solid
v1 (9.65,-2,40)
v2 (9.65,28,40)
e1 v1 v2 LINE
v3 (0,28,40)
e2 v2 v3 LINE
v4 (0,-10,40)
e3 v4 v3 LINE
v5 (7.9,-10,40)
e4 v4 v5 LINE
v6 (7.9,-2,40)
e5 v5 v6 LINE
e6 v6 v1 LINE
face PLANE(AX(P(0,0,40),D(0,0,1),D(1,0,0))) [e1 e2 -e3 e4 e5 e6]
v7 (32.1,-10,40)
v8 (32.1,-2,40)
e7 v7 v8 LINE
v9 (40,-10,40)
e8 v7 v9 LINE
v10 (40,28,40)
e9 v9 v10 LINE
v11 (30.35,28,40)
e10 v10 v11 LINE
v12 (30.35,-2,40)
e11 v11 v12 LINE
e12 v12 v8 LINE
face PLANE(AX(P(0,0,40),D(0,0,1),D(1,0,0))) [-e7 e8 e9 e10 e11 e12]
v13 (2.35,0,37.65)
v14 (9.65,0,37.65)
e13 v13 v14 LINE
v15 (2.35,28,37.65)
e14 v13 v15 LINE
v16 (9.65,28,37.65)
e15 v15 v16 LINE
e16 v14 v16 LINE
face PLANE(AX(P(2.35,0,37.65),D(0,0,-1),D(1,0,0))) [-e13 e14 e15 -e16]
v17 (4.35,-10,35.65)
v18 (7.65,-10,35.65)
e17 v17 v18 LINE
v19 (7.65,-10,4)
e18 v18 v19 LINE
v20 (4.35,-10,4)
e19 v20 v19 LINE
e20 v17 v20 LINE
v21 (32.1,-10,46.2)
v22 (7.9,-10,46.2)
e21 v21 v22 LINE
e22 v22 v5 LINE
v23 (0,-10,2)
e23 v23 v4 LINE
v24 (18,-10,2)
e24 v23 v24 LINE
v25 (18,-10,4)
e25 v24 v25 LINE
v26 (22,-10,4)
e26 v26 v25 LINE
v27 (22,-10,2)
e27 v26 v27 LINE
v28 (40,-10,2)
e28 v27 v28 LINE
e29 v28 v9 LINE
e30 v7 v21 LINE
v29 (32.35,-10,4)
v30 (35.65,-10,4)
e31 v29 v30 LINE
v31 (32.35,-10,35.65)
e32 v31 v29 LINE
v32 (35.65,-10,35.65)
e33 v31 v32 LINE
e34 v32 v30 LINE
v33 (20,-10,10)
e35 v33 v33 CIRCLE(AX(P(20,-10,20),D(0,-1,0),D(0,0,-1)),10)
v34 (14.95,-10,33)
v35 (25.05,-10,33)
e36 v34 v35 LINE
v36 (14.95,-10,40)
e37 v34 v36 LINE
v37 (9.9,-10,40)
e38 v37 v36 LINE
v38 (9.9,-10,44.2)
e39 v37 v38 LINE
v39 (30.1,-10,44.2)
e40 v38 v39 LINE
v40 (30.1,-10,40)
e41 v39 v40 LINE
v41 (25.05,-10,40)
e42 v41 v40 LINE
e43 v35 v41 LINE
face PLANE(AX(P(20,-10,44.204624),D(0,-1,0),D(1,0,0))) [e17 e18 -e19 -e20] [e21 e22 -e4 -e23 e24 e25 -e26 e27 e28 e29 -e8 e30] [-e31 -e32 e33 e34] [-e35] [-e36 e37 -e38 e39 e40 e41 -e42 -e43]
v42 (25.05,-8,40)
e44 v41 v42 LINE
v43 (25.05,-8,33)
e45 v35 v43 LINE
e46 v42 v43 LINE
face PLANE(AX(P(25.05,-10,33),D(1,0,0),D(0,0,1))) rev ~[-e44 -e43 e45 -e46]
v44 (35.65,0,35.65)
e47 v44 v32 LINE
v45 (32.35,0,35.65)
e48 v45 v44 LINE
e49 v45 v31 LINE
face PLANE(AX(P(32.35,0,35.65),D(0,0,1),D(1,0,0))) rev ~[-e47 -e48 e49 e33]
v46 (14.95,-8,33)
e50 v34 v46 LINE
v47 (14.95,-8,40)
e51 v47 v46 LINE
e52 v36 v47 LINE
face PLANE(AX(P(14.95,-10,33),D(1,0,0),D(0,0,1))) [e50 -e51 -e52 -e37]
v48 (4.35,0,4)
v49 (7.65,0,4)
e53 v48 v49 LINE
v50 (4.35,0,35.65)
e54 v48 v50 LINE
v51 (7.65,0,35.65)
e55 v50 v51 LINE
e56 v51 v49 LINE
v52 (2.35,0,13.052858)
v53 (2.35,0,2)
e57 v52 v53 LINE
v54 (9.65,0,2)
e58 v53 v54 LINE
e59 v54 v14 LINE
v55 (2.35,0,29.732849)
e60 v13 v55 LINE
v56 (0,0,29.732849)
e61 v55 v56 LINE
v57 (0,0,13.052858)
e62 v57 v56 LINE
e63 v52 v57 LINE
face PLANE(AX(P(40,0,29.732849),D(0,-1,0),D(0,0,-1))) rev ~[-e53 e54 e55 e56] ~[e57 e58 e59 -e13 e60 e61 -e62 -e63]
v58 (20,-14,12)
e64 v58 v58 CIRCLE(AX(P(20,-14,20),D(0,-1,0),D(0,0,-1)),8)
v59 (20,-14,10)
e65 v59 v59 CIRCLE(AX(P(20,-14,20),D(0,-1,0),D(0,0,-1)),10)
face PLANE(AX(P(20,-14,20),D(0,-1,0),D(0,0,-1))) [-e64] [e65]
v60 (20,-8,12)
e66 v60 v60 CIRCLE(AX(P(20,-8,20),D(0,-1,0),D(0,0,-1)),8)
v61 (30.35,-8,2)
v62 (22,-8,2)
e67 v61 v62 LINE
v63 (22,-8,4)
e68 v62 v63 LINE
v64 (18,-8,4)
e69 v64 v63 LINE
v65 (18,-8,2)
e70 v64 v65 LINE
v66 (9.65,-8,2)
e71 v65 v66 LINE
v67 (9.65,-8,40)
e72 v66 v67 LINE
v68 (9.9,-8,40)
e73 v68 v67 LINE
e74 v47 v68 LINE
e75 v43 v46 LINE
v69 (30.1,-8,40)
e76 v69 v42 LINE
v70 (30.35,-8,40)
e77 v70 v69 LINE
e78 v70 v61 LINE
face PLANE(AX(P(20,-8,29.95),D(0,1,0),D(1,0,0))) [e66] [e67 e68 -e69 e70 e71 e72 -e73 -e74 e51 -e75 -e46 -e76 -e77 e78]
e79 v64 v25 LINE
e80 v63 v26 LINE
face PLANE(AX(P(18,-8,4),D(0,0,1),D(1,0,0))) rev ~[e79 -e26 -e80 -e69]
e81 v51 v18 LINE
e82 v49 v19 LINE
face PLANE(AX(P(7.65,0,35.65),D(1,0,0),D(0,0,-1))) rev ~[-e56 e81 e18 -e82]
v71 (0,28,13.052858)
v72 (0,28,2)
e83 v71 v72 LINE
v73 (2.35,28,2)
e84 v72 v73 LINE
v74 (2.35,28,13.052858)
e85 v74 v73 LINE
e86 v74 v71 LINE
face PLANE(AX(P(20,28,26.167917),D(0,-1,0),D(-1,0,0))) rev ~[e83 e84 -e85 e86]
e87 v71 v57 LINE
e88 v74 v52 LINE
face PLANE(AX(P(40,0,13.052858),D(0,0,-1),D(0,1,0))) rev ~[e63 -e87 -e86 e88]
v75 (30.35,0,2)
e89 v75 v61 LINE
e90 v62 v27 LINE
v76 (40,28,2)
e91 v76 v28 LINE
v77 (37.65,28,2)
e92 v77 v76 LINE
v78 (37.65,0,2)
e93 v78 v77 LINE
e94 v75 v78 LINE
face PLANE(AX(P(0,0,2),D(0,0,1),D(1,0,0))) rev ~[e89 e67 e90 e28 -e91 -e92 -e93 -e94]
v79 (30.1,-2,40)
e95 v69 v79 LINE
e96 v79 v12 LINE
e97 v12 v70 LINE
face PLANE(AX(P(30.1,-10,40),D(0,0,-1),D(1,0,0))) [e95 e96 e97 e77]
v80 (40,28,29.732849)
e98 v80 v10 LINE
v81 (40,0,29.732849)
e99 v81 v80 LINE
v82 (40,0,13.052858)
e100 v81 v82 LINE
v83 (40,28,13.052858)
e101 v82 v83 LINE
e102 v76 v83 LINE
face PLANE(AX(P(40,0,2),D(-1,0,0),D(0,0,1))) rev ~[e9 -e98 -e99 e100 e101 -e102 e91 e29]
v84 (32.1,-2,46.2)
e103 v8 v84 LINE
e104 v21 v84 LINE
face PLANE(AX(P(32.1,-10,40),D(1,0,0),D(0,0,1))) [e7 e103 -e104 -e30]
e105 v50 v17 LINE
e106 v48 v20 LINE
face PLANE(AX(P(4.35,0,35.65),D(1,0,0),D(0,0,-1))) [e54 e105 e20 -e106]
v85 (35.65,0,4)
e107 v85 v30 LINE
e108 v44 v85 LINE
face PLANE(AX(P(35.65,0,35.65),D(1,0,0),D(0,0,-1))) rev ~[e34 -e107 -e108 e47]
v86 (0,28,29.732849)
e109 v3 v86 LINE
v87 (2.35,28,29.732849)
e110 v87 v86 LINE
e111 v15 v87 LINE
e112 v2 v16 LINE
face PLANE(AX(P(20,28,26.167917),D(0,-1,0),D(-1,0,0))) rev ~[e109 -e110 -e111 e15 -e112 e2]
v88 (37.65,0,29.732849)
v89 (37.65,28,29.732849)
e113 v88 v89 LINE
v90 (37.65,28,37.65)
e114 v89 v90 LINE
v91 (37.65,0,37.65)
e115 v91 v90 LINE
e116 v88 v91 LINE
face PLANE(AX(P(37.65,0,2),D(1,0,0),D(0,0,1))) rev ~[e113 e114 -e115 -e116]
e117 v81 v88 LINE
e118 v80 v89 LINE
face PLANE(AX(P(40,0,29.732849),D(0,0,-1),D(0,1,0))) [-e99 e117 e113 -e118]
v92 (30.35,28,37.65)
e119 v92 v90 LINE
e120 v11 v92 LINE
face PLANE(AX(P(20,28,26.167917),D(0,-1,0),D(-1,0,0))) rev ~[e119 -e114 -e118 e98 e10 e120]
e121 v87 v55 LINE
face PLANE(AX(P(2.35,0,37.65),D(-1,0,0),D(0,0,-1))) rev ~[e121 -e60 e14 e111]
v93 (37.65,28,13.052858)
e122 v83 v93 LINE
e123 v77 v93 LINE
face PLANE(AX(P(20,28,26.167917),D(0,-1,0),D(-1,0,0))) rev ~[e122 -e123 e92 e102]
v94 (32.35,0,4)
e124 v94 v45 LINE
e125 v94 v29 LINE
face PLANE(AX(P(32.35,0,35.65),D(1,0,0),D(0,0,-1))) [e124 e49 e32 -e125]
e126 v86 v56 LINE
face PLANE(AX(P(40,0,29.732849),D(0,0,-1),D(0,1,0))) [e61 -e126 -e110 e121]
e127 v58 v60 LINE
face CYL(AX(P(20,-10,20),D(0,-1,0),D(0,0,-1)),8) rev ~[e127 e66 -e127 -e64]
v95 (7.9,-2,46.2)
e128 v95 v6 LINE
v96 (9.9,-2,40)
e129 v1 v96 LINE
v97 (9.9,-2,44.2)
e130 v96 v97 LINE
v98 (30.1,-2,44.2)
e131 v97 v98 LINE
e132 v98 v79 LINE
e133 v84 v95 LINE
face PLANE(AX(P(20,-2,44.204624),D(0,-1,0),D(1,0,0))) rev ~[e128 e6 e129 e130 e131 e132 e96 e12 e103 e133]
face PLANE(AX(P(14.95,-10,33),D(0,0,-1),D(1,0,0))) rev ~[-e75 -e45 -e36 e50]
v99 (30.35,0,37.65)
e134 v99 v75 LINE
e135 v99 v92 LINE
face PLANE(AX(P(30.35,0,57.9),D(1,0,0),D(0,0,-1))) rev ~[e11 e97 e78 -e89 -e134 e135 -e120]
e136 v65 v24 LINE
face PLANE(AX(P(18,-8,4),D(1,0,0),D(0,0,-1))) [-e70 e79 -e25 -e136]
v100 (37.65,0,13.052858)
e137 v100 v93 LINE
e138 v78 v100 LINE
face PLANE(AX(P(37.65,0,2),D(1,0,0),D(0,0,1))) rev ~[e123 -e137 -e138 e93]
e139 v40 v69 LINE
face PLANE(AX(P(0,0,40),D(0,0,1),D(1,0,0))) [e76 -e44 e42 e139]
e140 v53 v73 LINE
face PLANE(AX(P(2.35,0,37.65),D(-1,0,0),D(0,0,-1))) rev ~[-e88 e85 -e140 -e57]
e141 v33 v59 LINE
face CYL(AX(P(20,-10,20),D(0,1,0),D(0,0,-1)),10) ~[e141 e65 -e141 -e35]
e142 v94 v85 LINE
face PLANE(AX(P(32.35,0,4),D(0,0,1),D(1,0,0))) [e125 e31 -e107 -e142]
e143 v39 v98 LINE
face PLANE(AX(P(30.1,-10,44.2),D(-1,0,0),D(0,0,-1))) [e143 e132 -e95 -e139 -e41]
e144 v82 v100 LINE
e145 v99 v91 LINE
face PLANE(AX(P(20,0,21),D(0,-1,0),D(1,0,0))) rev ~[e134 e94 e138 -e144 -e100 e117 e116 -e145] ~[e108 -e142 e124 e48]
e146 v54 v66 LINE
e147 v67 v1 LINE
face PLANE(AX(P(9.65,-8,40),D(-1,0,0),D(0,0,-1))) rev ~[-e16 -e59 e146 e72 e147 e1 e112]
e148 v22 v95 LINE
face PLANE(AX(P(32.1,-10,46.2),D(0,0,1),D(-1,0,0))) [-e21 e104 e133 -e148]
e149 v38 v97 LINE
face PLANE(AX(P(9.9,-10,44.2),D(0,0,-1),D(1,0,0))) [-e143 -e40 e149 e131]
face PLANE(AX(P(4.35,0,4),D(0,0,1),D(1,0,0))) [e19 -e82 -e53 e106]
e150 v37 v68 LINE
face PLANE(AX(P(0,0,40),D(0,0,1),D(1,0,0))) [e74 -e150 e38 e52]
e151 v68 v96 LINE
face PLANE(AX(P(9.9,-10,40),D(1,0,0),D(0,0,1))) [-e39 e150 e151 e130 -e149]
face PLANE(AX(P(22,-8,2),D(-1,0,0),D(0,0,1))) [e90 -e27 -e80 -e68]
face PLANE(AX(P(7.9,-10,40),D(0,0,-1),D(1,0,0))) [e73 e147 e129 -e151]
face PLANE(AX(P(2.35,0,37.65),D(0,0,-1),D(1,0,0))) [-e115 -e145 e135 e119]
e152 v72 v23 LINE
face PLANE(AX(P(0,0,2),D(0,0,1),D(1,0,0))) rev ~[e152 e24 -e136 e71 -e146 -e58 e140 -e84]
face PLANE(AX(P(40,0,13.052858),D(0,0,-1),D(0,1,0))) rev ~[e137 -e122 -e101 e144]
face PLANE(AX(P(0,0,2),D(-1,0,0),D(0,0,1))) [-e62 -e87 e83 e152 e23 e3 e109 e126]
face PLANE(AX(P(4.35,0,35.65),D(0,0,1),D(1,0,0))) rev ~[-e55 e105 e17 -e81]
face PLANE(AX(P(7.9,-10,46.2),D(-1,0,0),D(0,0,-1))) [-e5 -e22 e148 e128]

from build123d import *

# Parameters (mm, degrees)
BOSS_EXTRUDE2_DEPTH = 28
SKETCH3_W           = 40
SKETCH3_H           = 38
BOSS_EXTRUDE3_DEPTH = 10
CUT_EXTRUDE2_DEPTH  = 8
SKETCH6_W           = 20.7
SKETCH6_H           = 38
CUT_EXTRUDE3_DEPTH  = 43
CUT_EXTRUDE4_DEPTH  = 43
BOSS_EXTRUDE5_DEPTH = 8
SKETCH10_R          = 10
BOSS_EXTRUDE6_DEPTH = 4
SKETCH11_R          = 8
CUT_EXTRUDE5_DEPTH  = 4
SKETCH12_R          = 8
CUT_EXTRUDE6_DEPTH  = 10
SKETCH13_W          = 3.3
SKETCH13_H          = 31.65
CUT_EXTRUDE7_DEPTH  = 10
SKETCH14_W          = 3.3
SKETCH14_H          = 31.65
CUT_EXTRUDE8_DEPTH  = 10
SKETCH15_W          = 16.679991472
SKETCH15_H          = 28
CUT_EXTRUDE9_DEPTH  = 253
SKETCH16_W          = 10.1
SKETCH16_H          = 7
CUT_EXTRUDE11_DEPTH = 13


with BuildPart() as part:
    # Sketch1 → Boss-Extrude2 (new body)
    with BuildSketch(Plane(origin=(0, 0, 0), x_dir=(1, 0, 0), z_dir=(0, 1, 0))):
        Polygon((40, -2), (40, -40), (0, -40), (0, -2), (2.35, -2), (2.35, -2.35), (2.35, -20), (2.35, -37.65), (37.65, -37.65), (37.65, -20), (37.65, -2.35), (37.65, -2), align=None)
    extrude(amount=BOSS_EXTRUDE2_DEPTH)

    # Sketch3 → Boss-Extrude3 (add)
    with BuildSketch(Plane.XZ):
        with Locations((20, 21)):
            Rectangle(SKETCH3_W, SKETCH3_H)
    extrude(amount=BOSS_EXTRUDE3_DEPTH)

    # Sketch5 → Cut-Extrude2 (cut)
    with BuildSketch(Plane(origin=(0, 0, 0), x_dir=(1, 0, 0), z_dir=(0, 1, 0))):
        Polygon((9.65, -20), (9.65, -57.9), (20, -57.9), (30.35, -57.9), (30.35, -20), (30.35, -2), (9.65, -2), align=None)
    extrude(amount=-CUT_EXTRUDE2_DEPTH, mode=Mode.SUBTRACT)

    # Sketch6 → Cut-Extrude3 (cut)
    with BuildSketch(Plane(origin=(0, -8, 0), x_dir=(1, 0, 0), z_dir=(0, 1, 0))):
        with Locations((20, -21)):
            Rectangle(SKETCH6_W, SKETCH6_H)
    extrude(amount=CUT_EXTRUDE3_DEPTH, mode=Mode.SUBTRACT)

    # Sketch7 → Cut-Extrude4 (cut)
    with BuildSketch(Plane(origin=(0, -8, 0), x_dir=(1, 0, 0), z_dir=(0, 1, 0))):
        Polygon((20, -4), (18, -4), (18, -2), (22, -2), (22, -4), align=None)
    extrude(amount=-CUT_EXTRUDE4_DEPTH, mode=Mode.SUBTRACT)

    # Sketch9 → Boss-Extrude5 (add)
    with BuildSketch(Plane.XZ.offset(10)):
        Polygon((30.1, 44.2), (30.1, 40), (32.1, 40), (32.1, 46.2), (18, 46.2), (9.9, 46.2), (7.9, 46.2), (7.9, 40), (9.9, 40), (9.9, 44.2), align=None)
    extrude(amount=-BOSS_EXTRUDE5_DEPTH)

    # Sketch10 → Boss-Extrude6 (add)
    with BuildSketch(Plane.XZ.offset(10)):
        with Locations(Location((20, 20, 0), (0, 0, 270))):
            Circle(SKETCH10_R)
    extrude(amount=BOSS_EXTRUDE6_DEPTH)

    # Sketch11 → Cut-Extrude5 (cut)
    with BuildSketch(Plane(origin=(0, -14, 0), x_dir=(-1, 0, 0), z_dir=(0, -1, 0))):
        with Locations(Location((-20, -20, 0), (0, 0, 90))):
            Circle(SKETCH11_R)
    extrude(amount=-CUT_EXTRUDE5_DEPTH, mode=Mode.SUBTRACT)

    # Sketch12 → Cut-Extrude6 (cut)
    with BuildSketch(Plane.XZ.offset(10)):
        with Locations(Location((20, 20, 0), (0, 0, 270))):
            Circle(SKETCH12_R)
    extrude(amount=-CUT_EXTRUDE6_DEPTH, mode=Mode.SUBTRACT)

    # Sketch13 → Cut-Extrude7 (cut)
    with BuildSketch(Plane(origin=(0, 0, 0), x_dir=(1, 0, 0), z_dir=(0, 1, 0))):
        with Locations((6, -19.825)):
            Rectangle(SKETCH13_W, SKETCH13_H)
    extrude(amount=-CUT_EXTRUDE7_DEPTH, mode=Mode.SUBTRACT)

    # Sketch14 → Cut-Extrude8 (cut)
    with BuildSketch(Plane(origin=(0, 0, 0), x_dir=(1, 0, 0), z_dir=(0, 1, 0))):
        with Locations((34, -19.825)):
            Rectangle(SKETCH14_W, SKETCH14_H)
    extrude(amount=-CUT_EXTRUDE8_DEPTH, mode=Mode.SUBTRACT)

    # Sketch15 → Cut-Extrude9 (cut)
    with BuildSketch(Plane(origin=(40, 0, 0), x_dir=(0, 0, -1), z_dir=(1, 0, 0))):
        with Locations((-21.392853586, 14)):
            Rectangle(SKETCH15_W, SKETCH15_H)
    extrude(amount=-CUT_EXTRUDE9_DEPTH, mode=Mode.SUBTRACT)

    # Sketch16 → Cut-Extrude11 (cut)
    with BuildSketch(Plane.XZ.offset(10)):
        with Locations((20, 36.5)):
            Rectangle(SKETCH16_W, SKETCH16_H)
    extrude(amount=-CUT_EXTRUDE11_DEPTH, mode=Mode.SUBTRACT)


solid = part.part
